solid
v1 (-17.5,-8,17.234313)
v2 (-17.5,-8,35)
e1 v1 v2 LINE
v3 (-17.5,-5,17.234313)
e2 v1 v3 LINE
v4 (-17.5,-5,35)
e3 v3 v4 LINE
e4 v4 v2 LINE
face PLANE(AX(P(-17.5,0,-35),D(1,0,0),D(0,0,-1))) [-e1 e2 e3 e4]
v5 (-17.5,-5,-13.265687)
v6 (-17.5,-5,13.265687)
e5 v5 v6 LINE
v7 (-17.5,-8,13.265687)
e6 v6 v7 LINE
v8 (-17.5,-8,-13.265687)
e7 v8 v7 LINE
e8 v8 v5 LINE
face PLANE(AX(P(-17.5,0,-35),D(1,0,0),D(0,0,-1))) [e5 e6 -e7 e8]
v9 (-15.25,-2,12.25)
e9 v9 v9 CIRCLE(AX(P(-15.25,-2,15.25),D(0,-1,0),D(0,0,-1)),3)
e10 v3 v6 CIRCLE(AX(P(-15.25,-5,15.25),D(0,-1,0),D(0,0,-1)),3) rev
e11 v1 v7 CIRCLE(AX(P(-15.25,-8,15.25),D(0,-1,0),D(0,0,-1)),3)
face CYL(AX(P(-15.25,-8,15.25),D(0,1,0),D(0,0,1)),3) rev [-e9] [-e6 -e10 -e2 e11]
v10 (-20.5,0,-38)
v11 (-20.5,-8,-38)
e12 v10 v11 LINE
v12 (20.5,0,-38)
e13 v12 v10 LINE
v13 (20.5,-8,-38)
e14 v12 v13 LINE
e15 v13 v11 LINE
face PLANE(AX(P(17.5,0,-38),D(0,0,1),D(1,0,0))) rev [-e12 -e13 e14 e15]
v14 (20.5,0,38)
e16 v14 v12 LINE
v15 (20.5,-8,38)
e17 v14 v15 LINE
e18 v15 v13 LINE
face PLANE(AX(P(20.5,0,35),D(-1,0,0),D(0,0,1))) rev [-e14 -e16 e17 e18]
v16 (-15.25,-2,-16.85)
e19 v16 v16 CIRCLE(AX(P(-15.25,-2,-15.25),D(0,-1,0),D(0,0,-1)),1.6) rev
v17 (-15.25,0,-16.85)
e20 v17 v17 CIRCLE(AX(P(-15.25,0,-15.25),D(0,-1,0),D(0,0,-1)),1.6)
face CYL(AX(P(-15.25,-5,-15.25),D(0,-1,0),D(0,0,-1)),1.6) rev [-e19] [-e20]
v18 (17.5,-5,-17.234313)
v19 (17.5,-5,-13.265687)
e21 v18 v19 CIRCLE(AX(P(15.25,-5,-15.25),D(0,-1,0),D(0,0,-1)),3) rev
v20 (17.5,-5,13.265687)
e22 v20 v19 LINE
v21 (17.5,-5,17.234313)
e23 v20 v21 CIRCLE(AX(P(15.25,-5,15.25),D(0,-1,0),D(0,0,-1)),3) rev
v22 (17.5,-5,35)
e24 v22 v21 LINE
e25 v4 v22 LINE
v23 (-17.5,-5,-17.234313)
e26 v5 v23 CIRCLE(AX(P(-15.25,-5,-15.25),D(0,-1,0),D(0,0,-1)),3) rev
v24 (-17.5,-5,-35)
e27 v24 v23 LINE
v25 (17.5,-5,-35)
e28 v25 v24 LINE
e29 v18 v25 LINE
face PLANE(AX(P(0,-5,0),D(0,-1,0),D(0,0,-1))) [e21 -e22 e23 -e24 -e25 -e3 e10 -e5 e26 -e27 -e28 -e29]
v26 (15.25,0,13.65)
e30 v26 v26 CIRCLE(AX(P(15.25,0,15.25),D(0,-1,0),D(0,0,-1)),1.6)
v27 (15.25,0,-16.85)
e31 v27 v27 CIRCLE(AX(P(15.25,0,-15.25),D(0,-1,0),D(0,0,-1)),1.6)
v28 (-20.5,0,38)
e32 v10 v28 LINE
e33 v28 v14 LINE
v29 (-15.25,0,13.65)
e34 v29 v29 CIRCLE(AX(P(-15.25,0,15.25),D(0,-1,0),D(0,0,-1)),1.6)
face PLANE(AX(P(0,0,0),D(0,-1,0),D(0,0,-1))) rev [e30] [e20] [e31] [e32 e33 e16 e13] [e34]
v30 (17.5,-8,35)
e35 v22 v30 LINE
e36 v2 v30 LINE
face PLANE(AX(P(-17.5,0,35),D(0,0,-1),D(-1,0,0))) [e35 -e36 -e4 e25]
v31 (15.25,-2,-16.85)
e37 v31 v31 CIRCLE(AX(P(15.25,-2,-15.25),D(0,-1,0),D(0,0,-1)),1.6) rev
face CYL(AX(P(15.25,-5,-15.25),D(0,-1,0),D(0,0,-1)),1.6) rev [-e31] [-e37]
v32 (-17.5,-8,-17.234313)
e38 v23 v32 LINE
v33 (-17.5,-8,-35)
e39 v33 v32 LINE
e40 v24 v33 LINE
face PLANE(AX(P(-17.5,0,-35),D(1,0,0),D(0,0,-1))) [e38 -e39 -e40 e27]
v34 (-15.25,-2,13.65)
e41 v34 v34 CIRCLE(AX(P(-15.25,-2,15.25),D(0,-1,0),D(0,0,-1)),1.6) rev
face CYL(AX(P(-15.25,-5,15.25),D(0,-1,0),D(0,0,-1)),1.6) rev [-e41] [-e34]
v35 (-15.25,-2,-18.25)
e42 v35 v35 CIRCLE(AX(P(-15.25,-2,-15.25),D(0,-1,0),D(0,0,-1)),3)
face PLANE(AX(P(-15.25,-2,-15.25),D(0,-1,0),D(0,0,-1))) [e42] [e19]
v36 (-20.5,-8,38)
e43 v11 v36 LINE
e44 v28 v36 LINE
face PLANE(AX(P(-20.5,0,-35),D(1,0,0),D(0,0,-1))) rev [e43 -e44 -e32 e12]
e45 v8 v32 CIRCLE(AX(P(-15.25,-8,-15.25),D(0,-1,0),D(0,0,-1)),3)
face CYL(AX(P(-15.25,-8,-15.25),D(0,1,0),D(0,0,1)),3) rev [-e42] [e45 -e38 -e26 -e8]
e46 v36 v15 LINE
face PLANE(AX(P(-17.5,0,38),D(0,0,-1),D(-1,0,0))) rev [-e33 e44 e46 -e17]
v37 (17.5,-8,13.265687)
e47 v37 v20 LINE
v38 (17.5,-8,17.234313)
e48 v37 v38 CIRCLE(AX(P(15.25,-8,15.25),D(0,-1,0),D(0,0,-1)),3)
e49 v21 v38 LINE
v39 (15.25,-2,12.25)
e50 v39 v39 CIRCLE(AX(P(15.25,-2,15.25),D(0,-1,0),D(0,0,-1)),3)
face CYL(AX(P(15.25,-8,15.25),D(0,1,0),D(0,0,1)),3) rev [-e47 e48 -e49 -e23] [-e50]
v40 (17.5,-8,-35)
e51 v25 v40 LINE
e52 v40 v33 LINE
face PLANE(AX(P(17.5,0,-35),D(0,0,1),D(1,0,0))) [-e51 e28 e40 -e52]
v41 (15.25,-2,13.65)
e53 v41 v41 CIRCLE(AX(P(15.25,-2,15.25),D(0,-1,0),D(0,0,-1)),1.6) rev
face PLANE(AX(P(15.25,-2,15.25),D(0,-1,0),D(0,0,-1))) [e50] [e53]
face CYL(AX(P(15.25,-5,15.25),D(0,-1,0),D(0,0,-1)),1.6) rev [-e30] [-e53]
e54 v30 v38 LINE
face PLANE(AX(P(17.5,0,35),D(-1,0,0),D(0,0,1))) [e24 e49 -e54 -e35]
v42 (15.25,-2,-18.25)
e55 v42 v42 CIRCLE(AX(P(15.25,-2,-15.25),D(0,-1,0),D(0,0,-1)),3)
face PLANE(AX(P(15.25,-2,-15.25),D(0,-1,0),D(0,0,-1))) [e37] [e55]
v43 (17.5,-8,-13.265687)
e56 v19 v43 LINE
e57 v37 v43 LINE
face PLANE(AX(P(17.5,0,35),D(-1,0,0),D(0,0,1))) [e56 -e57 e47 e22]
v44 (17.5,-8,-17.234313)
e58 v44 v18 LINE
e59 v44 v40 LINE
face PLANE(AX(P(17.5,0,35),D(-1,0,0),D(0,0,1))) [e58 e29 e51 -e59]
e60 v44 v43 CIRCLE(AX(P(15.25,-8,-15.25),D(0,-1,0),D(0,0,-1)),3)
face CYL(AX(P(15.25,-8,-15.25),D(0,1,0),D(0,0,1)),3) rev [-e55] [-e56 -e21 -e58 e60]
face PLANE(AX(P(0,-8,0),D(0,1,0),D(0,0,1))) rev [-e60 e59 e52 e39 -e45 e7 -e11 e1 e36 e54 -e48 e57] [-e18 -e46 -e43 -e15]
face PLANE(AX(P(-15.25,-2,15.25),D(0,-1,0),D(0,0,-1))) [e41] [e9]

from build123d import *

# Parameters (mm, degrees)
SKETCH1_W                  = 35
SKETCH1_H                  = 70
BOSS_EXTRUDE1_DEPTH        = 5
EXTRUDE_THIN1_DEPTH        = 5
EXTRUDE_THIN1_DEPTH_BACK   = 3
SKETCH9_W                  = 41
SKETCH9_H                  = 76
SKETCH9_W_2                = 35
SKETCH9_H_2                = 70
F_3_2_3_2_DIAMETER_HOLE1_D = 3.2
CUT_EXTRUDE1_DEPTH         = 44.465503563
CUT_EXTRUDE1_DEPTH_BACK    = 3
SKETCH8_R                  = 3


with BuildPart() as part:
    # Sketch1 → Boss-Extrude1 (new body)
    with BuildSketch(Plane(origin=(0, 0, 0), x_dir=(1, 0, 0), z_dir=(0, 1, 0))):
        Rectangle(SKETCH1_W, SKETCH1_H)
    extrude(amount=-BOSS_EXTRUDE1_DEPTH)

    # Sketch9 → Extrude-Thin1 (add, two sides: drawn at the far end of the back side and taken through both)
    with BuildSketch(Plane(origin=(0, -5, 0), x_dir=(1, 0, 0), z_dir=(0, 1, 0)).offset(-EXTRUDE_THIN1_DEPTH_BACK)):
        Rectangle(SKETCH9_W, SKETCH9_H)
        Rectangle(SKETCH9_W_2, SKETCH9_H_2, mode=Mode.SUBTRACT)
    extrude(amount=EXTRUDE_THIN1_DEPTH + EXTRUDE_THIN1_DEPTH_BACK)

    # Ø3.2 (3.2) Diameter Hole1 (through all)
    with Locations(Plane(origin=(0, -5, 0), x_dir=(-1, 0, 0), z_dir=(0, -1, 0))):
        with Locations((15.25, 15.25), (15.25, -15.25), (-15.25, -15.25), (-15.25, 15.25)):
            Hole(F_3_2_3_2_DIAMETER_HOLE1_D / 2)

    # Sketch8 → Cut-Extrude1 (cut, two sides: drawn at the far end of the back side and taken through both)
    with BuildSketch(Plane.XZ.offset(5).offset(-CUT_EXTRUDE1_DEPTH_BACK)):
        with Locations(Location((-15.25, 15.25, 0), (0, 0, 138.590377891))):
            Circle(SKETCH8_R)
        with Locations(Location((15.25, 15.25, 0), (0, 0, 41.409622109))):
            Circle(SKETCH8_R)
        with Locations(Location((15.25, -15.25, 0), (0, 0, 41.409622109))):
            Circle(SKETCH8_R)
        with Locations(Location((-15.25, -15.25, 0), (0, 0, 138.590377891))):
            Circle(SKETCH8_R)
    extrude(amount=CUT_EXTRUDE1_DEPTH + CUT_EXTRUDE1_DEPTH_BACK, mode=Mode.SUBTRACT)


solid = part.part
